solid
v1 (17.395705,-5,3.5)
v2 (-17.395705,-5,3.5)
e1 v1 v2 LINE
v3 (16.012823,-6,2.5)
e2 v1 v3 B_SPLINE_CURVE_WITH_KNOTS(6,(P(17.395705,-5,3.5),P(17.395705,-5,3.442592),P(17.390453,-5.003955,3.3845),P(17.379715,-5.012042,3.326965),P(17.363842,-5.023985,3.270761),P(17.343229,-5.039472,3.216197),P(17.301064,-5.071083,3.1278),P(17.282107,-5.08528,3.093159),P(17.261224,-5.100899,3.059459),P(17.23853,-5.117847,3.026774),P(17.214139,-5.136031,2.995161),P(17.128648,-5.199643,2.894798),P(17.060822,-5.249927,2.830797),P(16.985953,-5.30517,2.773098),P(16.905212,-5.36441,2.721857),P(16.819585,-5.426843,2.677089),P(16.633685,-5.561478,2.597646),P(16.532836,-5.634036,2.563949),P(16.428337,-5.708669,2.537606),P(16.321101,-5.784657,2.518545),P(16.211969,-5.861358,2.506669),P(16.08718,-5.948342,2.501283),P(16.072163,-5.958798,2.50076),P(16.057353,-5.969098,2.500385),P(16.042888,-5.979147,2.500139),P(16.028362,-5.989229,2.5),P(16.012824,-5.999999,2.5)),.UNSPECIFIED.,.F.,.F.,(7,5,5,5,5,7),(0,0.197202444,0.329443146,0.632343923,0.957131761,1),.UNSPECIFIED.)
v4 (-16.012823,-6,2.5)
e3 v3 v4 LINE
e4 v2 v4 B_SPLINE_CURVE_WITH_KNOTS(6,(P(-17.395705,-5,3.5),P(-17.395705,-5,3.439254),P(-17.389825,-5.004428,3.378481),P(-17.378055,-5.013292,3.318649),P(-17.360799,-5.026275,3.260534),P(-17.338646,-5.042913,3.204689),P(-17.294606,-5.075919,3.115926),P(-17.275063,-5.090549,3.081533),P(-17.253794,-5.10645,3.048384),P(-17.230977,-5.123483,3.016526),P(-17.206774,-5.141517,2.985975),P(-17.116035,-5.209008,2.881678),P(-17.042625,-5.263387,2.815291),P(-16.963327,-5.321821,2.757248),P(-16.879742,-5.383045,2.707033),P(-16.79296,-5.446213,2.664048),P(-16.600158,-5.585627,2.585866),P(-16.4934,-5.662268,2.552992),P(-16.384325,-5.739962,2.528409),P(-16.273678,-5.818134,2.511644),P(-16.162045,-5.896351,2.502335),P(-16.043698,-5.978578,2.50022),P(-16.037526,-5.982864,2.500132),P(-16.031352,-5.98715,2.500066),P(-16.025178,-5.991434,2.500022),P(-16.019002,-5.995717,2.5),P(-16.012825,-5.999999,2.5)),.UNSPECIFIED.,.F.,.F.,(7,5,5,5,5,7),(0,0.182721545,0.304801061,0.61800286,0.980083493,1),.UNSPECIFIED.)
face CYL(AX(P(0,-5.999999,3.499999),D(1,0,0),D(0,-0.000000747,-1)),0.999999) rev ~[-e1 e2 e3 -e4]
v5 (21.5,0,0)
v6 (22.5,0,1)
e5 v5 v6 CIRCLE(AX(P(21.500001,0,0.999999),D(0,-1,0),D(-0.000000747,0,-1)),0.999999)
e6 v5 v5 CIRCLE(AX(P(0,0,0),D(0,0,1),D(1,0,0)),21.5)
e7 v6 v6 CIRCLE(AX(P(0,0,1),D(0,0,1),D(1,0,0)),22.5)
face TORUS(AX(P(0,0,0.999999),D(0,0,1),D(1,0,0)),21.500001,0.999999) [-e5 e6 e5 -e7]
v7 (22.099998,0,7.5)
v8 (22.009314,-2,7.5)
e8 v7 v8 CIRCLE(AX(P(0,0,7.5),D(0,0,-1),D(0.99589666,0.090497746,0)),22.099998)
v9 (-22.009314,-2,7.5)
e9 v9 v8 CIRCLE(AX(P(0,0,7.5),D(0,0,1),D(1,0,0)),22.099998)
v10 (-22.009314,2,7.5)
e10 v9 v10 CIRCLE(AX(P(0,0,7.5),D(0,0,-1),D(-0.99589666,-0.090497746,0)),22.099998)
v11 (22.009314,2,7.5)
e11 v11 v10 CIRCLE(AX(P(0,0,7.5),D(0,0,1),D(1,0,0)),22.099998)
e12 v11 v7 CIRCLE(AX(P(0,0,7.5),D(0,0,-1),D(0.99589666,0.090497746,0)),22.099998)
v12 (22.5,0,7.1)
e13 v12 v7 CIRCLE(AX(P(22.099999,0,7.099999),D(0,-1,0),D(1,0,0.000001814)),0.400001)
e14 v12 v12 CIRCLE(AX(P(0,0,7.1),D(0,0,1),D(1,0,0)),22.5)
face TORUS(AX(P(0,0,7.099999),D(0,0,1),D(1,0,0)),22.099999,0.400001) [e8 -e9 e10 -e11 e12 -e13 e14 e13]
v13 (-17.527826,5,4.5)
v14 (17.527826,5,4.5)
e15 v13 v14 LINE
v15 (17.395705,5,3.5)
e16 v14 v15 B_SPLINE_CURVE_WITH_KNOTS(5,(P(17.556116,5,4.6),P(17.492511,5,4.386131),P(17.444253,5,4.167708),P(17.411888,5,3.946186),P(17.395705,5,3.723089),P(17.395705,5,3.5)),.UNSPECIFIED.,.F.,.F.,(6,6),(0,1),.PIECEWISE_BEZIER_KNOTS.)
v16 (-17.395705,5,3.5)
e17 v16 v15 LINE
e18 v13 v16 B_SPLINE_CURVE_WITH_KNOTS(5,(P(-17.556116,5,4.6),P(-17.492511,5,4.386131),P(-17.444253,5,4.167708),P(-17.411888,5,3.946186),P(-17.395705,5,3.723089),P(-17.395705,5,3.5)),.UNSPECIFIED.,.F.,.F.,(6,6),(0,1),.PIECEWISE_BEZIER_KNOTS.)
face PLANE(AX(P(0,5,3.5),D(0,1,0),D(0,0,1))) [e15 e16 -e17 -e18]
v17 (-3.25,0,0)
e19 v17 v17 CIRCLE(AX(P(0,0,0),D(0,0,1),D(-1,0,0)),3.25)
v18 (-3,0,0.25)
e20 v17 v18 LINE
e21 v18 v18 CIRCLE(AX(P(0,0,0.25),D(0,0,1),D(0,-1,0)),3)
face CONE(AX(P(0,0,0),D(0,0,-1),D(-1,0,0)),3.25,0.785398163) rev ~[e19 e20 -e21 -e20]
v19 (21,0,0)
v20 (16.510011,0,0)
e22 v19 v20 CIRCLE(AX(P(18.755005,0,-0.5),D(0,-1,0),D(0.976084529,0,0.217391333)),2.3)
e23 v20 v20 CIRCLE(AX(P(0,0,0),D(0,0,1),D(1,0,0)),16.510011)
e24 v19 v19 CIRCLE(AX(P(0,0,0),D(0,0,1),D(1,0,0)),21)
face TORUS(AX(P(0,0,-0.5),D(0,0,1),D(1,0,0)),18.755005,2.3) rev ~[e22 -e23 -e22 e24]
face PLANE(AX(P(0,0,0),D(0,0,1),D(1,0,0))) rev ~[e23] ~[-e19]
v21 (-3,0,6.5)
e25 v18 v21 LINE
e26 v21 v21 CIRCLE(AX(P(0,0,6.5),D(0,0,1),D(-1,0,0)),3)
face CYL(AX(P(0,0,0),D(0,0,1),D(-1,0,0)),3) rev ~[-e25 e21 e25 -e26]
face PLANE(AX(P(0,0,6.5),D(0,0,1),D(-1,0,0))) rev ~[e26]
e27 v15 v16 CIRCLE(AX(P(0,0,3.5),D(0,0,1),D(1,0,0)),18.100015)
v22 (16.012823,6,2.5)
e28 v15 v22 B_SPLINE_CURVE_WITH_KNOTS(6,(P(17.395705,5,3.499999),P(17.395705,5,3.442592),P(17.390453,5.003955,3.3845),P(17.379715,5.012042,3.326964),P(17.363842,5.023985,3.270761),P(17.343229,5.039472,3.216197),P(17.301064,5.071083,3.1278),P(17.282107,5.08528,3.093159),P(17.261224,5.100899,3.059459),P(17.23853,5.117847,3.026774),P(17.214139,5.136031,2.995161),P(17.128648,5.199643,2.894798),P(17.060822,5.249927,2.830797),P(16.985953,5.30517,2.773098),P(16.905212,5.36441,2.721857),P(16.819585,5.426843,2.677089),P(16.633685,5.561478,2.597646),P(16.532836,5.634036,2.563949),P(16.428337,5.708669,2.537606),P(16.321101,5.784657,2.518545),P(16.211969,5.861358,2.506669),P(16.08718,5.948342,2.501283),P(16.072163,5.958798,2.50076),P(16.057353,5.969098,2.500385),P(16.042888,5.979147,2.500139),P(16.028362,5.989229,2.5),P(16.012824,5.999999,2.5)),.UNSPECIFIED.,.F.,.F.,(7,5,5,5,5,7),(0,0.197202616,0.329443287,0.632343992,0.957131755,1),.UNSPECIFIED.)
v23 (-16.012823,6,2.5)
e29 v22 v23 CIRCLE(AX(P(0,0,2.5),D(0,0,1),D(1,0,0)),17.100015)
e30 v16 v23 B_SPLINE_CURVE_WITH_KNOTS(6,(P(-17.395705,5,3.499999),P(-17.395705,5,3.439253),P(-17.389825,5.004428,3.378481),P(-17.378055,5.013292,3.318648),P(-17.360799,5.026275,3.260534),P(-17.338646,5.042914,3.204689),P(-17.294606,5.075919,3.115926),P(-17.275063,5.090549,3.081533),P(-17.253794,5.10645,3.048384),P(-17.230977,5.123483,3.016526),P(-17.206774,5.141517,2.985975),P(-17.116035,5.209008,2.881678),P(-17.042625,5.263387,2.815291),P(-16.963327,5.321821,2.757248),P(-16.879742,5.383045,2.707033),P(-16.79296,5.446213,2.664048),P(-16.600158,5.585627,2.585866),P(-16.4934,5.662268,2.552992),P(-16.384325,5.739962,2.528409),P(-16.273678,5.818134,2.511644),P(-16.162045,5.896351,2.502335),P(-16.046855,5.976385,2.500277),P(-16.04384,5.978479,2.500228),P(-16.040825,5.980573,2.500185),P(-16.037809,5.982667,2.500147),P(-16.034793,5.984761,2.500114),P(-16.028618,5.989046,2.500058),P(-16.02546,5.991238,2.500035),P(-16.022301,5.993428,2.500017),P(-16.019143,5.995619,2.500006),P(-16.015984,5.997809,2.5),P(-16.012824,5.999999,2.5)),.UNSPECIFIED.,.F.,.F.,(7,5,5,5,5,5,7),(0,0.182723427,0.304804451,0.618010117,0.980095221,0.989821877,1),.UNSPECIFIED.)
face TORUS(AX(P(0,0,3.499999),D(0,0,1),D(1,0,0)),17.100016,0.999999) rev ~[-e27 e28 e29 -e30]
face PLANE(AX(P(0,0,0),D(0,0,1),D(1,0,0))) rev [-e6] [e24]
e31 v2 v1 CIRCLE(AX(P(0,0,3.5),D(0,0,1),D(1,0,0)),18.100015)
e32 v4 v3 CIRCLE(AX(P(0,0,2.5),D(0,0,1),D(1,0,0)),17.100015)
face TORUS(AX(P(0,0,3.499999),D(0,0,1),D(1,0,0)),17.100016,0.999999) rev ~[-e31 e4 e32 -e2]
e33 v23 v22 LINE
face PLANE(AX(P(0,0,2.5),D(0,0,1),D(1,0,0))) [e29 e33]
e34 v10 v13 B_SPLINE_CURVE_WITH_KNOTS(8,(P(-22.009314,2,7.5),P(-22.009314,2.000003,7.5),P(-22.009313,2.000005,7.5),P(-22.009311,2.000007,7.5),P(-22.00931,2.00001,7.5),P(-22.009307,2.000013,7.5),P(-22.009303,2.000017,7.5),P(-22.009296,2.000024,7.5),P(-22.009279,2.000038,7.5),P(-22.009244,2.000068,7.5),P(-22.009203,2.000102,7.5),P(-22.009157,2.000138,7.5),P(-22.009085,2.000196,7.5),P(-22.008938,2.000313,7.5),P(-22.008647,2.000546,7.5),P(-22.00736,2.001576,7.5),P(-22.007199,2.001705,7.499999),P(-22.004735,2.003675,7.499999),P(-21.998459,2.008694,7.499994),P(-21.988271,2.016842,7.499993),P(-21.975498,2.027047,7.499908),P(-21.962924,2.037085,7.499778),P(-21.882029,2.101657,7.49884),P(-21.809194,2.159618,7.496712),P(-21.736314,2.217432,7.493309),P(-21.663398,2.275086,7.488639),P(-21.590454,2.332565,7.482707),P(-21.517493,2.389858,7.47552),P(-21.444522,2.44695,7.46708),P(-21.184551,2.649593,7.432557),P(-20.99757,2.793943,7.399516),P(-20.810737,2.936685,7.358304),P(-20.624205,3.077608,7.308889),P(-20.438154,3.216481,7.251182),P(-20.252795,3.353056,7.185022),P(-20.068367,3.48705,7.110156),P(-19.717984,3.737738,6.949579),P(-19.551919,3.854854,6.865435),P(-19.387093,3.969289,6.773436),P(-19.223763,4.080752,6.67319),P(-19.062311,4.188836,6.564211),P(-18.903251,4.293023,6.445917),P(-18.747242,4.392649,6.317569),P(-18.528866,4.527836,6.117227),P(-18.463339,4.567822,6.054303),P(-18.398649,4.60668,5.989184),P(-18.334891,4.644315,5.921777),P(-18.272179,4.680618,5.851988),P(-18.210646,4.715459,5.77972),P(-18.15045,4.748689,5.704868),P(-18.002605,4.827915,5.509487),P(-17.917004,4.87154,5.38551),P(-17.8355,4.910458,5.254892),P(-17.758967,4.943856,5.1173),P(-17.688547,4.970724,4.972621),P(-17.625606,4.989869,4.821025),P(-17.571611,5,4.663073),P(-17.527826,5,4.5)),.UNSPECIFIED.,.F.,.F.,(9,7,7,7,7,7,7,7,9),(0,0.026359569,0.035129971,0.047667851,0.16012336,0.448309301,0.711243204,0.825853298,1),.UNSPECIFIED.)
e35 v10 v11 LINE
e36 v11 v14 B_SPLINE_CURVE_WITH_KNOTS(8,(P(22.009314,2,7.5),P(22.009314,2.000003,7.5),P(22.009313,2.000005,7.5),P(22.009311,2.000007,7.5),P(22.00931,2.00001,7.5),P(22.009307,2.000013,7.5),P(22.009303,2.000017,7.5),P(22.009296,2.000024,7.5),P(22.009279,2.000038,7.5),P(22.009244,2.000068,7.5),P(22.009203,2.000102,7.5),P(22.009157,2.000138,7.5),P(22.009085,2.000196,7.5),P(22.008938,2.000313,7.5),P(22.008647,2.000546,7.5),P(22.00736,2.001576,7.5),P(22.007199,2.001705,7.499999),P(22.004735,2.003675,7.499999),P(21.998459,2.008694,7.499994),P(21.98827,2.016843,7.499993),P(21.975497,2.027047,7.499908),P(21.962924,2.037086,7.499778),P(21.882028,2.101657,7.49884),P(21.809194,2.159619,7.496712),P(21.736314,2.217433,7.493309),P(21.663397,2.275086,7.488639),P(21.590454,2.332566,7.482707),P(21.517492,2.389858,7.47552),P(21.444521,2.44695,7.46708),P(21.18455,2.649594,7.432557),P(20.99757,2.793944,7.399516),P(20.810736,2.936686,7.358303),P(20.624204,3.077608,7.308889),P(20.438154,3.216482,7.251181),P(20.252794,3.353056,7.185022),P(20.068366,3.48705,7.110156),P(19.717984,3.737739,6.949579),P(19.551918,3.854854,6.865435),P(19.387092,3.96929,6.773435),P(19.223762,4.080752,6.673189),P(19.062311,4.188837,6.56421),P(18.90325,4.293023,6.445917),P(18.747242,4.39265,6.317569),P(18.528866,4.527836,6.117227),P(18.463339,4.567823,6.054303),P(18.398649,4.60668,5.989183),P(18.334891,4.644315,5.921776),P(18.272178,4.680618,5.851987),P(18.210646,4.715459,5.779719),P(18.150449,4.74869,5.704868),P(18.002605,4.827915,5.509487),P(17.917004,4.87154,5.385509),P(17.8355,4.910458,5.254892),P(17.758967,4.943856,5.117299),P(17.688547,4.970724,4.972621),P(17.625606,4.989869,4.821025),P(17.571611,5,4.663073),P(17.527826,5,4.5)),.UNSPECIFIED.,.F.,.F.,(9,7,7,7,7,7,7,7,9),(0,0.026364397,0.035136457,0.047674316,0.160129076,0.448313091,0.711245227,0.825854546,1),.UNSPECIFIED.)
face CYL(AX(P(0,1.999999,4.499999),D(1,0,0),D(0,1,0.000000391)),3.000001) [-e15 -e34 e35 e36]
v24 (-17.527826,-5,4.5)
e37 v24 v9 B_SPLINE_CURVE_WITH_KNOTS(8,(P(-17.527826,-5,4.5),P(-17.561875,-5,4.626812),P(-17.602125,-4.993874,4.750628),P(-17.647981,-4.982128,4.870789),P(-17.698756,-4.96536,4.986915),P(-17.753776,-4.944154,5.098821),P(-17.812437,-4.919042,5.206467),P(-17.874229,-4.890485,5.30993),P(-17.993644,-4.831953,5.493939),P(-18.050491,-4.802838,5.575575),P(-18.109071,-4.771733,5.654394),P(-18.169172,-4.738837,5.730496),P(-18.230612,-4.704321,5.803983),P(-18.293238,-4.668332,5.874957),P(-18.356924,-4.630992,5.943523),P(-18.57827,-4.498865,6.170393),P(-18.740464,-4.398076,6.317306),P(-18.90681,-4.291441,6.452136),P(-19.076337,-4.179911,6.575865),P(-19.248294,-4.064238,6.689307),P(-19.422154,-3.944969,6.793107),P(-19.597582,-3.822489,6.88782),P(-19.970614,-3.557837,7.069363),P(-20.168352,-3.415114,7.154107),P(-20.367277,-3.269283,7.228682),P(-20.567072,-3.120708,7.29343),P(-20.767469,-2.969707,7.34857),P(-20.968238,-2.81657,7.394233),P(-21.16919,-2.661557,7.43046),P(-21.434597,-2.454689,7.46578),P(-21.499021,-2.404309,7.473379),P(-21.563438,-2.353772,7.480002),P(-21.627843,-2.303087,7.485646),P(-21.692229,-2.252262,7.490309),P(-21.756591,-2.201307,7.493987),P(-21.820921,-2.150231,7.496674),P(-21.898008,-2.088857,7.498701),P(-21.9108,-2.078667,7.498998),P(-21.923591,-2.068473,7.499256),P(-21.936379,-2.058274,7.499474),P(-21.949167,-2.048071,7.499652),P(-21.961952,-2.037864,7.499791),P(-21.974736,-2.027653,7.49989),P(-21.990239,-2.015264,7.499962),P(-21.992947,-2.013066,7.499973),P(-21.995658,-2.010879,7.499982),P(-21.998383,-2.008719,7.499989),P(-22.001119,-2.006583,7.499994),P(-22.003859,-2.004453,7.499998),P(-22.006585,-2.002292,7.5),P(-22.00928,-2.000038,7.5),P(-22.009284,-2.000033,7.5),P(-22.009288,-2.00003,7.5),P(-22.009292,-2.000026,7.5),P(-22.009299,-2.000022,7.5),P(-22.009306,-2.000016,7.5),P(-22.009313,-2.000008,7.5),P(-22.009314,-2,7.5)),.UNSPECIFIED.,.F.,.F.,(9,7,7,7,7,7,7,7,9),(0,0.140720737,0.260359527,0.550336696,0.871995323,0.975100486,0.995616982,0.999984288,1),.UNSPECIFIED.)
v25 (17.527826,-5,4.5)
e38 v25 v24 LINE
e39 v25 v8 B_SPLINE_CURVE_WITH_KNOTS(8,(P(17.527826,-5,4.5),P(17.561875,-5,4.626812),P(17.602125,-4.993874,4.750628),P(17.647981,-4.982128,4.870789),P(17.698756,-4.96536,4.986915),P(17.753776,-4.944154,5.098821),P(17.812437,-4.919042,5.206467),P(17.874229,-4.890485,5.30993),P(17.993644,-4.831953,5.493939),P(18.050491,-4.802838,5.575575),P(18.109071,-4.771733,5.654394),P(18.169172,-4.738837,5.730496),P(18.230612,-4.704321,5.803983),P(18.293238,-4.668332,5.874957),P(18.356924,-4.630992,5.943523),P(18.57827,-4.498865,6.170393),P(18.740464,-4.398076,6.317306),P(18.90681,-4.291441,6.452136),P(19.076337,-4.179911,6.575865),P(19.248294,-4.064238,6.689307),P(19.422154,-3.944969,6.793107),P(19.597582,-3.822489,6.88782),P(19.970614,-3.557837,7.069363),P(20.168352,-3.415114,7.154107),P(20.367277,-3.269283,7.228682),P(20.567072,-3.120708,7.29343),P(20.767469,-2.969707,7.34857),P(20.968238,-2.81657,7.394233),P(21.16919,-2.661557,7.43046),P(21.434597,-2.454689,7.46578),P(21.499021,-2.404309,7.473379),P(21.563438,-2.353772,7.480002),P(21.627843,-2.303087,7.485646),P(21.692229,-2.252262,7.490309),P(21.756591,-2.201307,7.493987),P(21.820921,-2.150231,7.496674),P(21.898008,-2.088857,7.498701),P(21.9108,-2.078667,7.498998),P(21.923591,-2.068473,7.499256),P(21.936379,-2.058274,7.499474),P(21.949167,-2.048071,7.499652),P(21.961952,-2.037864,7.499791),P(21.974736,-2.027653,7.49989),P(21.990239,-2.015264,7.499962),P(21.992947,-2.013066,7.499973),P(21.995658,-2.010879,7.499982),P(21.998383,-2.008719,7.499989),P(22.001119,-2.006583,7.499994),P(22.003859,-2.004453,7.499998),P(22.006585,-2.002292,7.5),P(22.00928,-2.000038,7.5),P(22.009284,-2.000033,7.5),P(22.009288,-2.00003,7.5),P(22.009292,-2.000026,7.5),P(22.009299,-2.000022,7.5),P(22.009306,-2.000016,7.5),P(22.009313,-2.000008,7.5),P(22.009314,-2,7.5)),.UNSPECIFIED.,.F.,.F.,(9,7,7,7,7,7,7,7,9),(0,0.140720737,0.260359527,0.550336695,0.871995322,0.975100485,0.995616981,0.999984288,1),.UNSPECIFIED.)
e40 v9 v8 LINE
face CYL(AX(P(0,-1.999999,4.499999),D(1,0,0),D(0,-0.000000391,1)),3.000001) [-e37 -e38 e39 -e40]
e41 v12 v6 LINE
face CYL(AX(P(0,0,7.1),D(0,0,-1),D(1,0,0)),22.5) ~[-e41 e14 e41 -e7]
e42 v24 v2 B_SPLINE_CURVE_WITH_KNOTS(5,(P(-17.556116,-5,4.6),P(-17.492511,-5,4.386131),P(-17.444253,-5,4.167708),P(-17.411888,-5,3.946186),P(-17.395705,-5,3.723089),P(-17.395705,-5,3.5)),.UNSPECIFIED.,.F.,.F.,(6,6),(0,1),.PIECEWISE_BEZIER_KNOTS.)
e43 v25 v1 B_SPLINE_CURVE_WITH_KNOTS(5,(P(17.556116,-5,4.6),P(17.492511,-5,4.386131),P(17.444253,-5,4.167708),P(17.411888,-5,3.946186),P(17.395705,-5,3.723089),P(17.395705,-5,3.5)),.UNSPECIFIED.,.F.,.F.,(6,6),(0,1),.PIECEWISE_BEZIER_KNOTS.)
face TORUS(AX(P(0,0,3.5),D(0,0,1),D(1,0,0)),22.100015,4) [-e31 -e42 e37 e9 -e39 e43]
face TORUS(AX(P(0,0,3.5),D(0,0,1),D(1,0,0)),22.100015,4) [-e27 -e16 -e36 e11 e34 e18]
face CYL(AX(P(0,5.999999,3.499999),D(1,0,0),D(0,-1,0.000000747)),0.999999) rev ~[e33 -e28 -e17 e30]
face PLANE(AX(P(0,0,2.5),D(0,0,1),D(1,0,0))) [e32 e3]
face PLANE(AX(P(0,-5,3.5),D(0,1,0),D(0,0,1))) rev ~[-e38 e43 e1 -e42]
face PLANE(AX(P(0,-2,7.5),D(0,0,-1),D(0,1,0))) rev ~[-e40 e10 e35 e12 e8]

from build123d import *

# Parameters (mm, degrees)
PAD_DEPTH         = 22.099998
SKETCH003_R       = 44.199997
SKETCH003_R_2     = 22.099998
POCKET_DEPTH      = 0.001
POCKET_DEPTH_BACK = 7.501
HOLE_D            = 6
HOLE_DEPTH        = 6.5
HOLE_CSINK_D      = 6.5
HOLE_CSINK_ANGLE  = 90


with BuildPart() as part:
    # Sketch002 → Pad (new body, symmetric)
    with BuildSketch(Plane.YZ):
        with BuildLine():
            Line((-6, 2.5), (6, 2.5))
            ThreePointArc((5, 3.5), (5.292893, 2.792893), (6, 2.5))
            Line((5, 3.5), (5, 4.5))
            ThreePointArc((5, 4.5), (4.12132, 6.62132), (2, 7.5))
            Line((-2, 7.5), (2, 7.5))
            ThreePointArc((-2, 7.5), (-4.12132, 6.62132), (-5, 4.5))
            Line((-5, 3.5), (-5, 4.5))
            ThreePointArc((-6, 2.5), (-5.292893, 2.792893), (-5, 3.5))
        make_face()
    extrude(amount=PAD_DEPTH, both=True)

    # Sketch003 → Pocket (cut, two sides)
    with BuildSketch(Plane.XY) as pocket_sk:
        Circle(SKETCH003_R)
        Circle(SKETCH003_R_2, mode=Mode.SUBTRACT)
    extrude(amount=-POCKET_DEPTH, mode=Mode.SUBTRACT)
    extrude(pocket_sk.sketch, amount=POCKET_DEPTH_BACK, mode=Mode.SUBTRACT)

    # Sketch → Revolution (revolve)
    with BuildSketch(Plane.XZ):
        with BuildLine():
            ThreePointArc((22.099998, 7.5), (19.271582, 6.328421), (18.100015, 3.5))
            ThreePointArc((17.100015, 2.5), (17.807122, 2.792893), (18.100015, 3.5))
            Line((17.100015, 2.5), (0, 2.5))
            Line((0, 2.5), (0, 0))
            Line((16.510011, 0), (0, 0))
            ThreePointArc((21, 0), (18.755006, 1.8), (16.510011, 0))
            Line((21, 0), (21.5, 0))
            ThreePointArc((21.5, 0), (22.207107, 0.292893), (22.5, 1))
            Line((22.5, 7.1), (22.5, 1))
            ThreePointArc((22.5, 7.1), (22.382842, 7.382843), (22.099998, 7.5))
        make_face()
    revolve(axis=Axis((0, 0, 0), (0, 0, 1)))

    # Hole
    with Locations(Plane(origin=(0, 0, 0), x_dir=(1, 0, 0), z_dir=(0, 0, -1))):
        with Locations((0, 0)):
            CounterSinkHole(HOLE_D / 2, HOLE_CSINK_D / 2, depth=HOLE_DEPTH, counter_sink_angle=HOLE_CSINK_ANGLE)


solid = part.part
